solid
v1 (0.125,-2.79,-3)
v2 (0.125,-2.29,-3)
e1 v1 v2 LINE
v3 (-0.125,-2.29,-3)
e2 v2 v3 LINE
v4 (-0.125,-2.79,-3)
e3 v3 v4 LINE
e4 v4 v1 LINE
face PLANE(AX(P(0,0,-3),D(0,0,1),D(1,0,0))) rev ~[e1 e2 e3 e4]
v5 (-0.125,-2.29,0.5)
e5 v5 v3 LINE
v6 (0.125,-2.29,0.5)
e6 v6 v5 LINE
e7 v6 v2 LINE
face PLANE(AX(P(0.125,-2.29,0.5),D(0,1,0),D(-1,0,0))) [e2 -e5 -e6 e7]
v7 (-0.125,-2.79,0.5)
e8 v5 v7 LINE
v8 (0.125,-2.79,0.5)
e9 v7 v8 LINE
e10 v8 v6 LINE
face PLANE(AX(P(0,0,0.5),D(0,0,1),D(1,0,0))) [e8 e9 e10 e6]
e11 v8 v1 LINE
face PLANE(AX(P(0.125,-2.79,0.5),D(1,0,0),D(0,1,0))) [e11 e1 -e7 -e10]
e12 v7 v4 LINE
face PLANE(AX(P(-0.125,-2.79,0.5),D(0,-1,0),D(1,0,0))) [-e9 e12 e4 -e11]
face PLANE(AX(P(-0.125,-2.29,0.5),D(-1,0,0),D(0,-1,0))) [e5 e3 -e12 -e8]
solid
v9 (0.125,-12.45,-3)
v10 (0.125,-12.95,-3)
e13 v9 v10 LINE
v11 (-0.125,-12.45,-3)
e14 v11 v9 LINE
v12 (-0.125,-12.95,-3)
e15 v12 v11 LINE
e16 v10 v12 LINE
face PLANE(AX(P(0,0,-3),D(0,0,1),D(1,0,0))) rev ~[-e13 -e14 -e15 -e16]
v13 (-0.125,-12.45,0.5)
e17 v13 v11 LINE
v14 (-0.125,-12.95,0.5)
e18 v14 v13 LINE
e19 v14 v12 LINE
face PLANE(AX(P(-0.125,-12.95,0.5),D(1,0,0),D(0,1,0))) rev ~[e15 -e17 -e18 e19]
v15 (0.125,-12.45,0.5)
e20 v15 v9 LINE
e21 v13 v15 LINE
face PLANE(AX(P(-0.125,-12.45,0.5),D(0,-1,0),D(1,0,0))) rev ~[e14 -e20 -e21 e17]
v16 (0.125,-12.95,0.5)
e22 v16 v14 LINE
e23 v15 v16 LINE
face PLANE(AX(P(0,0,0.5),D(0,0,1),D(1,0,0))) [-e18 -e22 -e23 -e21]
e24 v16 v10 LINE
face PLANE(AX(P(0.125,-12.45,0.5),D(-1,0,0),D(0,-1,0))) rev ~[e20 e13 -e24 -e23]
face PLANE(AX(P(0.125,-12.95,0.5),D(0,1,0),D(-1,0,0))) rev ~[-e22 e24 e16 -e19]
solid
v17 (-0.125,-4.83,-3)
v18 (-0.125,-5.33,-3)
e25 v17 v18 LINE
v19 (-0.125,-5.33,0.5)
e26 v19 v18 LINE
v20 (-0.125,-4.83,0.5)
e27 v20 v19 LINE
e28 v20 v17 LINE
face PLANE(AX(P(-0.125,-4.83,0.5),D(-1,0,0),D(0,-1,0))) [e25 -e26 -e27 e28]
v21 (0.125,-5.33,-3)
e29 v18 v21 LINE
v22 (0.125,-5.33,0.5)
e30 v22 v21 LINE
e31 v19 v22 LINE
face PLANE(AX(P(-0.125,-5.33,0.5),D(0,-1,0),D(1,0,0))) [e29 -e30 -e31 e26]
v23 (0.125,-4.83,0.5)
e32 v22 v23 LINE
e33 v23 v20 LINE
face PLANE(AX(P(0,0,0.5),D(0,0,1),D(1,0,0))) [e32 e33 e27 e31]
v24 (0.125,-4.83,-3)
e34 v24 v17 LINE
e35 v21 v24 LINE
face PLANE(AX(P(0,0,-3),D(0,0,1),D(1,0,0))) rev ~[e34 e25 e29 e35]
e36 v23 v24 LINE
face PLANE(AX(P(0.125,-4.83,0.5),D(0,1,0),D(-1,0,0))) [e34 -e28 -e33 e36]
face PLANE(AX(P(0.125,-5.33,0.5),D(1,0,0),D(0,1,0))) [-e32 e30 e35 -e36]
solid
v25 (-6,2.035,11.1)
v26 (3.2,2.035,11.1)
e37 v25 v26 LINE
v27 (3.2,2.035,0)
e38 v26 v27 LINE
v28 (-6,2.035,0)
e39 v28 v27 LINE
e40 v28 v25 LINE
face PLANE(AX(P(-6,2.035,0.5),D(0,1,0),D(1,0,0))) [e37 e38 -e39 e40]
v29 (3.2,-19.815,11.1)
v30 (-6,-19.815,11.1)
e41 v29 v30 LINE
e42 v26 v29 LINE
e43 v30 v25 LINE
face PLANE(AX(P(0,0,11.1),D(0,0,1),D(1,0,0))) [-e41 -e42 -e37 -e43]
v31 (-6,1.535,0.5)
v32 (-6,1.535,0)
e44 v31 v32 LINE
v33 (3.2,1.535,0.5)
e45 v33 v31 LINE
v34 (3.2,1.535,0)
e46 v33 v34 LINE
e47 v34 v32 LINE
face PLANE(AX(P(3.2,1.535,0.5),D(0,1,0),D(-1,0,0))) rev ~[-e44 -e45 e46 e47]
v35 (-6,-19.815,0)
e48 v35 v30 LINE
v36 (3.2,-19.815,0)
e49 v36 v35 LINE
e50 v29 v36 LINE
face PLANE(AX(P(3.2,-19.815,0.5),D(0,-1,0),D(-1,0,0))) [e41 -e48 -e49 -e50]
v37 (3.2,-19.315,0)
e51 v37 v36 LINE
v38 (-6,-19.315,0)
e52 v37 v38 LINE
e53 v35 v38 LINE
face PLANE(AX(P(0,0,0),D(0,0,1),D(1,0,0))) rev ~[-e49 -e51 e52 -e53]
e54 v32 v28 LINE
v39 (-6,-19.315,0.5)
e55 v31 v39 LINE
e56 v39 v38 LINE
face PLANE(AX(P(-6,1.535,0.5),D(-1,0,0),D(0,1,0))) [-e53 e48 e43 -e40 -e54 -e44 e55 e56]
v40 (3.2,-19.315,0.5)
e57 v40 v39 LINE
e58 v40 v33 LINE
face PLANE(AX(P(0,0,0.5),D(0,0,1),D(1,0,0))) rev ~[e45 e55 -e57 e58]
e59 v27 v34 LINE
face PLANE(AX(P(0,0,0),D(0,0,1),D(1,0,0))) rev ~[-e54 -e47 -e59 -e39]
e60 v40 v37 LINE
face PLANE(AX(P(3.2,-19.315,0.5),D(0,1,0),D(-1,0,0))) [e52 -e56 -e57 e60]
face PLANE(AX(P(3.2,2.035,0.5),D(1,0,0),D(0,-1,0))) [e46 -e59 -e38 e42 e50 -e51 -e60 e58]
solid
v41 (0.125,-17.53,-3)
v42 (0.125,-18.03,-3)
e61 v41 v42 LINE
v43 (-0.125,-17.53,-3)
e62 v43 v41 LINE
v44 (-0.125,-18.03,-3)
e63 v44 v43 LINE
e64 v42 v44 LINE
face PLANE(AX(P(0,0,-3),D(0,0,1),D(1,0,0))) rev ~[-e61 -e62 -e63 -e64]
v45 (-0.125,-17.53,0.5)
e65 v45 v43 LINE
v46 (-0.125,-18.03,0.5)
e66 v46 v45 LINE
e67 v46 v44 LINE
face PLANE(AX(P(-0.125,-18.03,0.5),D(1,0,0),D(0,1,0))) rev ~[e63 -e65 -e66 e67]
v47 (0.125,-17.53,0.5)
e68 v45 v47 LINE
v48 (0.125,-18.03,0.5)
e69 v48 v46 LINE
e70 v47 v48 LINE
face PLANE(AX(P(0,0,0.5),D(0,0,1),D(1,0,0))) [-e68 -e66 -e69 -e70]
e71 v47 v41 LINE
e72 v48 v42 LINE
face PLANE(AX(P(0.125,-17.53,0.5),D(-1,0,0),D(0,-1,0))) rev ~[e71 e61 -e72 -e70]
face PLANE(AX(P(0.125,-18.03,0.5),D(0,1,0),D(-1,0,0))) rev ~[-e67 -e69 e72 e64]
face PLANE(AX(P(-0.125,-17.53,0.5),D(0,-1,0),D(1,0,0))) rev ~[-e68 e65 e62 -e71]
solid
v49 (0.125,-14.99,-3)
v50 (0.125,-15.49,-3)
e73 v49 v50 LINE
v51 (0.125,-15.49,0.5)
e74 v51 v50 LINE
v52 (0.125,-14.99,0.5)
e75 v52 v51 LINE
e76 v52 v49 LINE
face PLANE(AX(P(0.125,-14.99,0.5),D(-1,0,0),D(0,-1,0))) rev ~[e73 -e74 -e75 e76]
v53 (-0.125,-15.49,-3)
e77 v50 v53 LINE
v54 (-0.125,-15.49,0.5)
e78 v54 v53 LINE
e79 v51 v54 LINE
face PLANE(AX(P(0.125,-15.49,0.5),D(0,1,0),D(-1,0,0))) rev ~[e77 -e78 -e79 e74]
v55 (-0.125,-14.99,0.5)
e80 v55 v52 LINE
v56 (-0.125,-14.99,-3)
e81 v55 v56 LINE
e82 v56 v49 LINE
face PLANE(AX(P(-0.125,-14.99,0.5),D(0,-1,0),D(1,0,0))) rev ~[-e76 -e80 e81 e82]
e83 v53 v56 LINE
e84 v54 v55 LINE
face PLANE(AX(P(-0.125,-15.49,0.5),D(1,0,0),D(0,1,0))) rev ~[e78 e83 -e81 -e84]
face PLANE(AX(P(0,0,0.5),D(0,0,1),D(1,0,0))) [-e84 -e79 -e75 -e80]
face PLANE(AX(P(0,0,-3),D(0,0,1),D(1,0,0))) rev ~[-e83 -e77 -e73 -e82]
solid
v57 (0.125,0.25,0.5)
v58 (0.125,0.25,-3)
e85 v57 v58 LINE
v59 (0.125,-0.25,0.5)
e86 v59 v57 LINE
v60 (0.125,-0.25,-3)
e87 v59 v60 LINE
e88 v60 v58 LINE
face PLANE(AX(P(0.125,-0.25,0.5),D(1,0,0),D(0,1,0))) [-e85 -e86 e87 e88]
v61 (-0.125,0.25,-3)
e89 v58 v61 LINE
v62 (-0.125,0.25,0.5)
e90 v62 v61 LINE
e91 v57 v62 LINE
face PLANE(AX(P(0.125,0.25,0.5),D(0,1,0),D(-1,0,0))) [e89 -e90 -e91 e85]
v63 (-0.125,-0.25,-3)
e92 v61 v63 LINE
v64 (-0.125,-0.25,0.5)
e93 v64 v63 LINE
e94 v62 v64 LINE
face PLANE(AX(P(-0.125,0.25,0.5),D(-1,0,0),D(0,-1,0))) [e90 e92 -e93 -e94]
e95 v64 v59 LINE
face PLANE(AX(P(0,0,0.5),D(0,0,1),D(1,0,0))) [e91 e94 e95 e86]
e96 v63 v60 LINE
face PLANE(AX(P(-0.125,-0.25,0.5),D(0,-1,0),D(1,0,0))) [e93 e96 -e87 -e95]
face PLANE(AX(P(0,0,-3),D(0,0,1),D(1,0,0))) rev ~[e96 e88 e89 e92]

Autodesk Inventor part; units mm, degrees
ref_plane "YZ Plane" through (0, 0, 0) normal (1, 0, 0) x (0, 1, 0)
ref_plane "XZ Plane" through (0, 0, 0) normal (0, 1, 0) x (-1, 0, 0)
ref_plane "XY Plane" through (0, 0, 0) normal (0, 0, 1) x (1, 0, 0)
sketch "Sketch2" plane through (0, 0, 0) normal (0, 0, 1) x (1, 0, 0)
  line L0 (-6, 2.035) -> (3.2, 2.035)
  line L1 (3.2, 2.035) -> (3.2, -19.815)
  line L2 (3.2, -19.815) -> (-6, -19.815)
  line L3 (-6, -19.815) -> (-6, 2.035)
  line L4 (-0.125, -0.25) -> (0.125, -0.25)
  line L5 (0.125, -0.25) -> (0.125, 0.25)
  line L6 (0.125, 0.25) -> (-0.125, 0.25)
  line L7 (-0.125, 0.25) -> (-0.125, -0.25)
  line L8 (-0.125, -0.25) -> (0.125, 0.25) construction
  line L9 (0.125, -0.25) -> (-0.125, 0.25) construction
  line L10 (-0.125, -2.79) -> (0.125, -2.79)
  line L11 (0.125, -2.79) -> (0.125, -2.29)
  line L12 (0.125, -2.29) -> (-0.125, -2.29)
  line L13 (-0.125, -2.29) -> (-0.125, -2.79)
  line L14 (-0.125, -2.79) -> (0.125, -2.29) construction
  line L15 (0.125, -2.79) -> (-0.125, -2.29) construction
  line L16 (-0.125, -12.45) -> (0.125, -12.45)
  line L17 (0.125, -12.45) -> (0.125, -12.95)
  line L18 (0.125, -12.95) -> (-0.125, -12.95)
  line L19 (-0.125, -12.95) -> (-0.125, -12.45)
  line L20 (-0.125, -12.45) -> (0.125, -12.95) construction
  line L21 (0.125, -12.45) -> (-0.125, -12.95) construction
  line L22 (-0.125, -14.99) -> (0.125, -14.99)
  line L23 (0.125, -14.99) -> (0.125, -15.49)
  line L24 (-0.125, -15.49) -> (-0.125, -14.99)
  line L25 (-0.125, -14.99) -> (0.125, -15.49) construction
  line L26 (0.125, -14.99) -> (-0.125, -15.49) construction
  line L27 (0.125, -15.49) -> (-0.125, -15.49)
  line L28 (-0.125, -17.53) -> (0.125, -17.53)
  line L29 (0.125, -17.53) -> (0.125, -18.03)
  line L30 (-0.125, -18.03) -> (-0.125, -17.53)
  line L31 (-0.125, -17.53) -> (0.125, -18.03) construction
  line L32 (0.125, -17.53) -> (-0.125, -18.03) construction
  line L33 (0.125, -18.03) -> (-0.125, -18.03)
  line L34 (-6, 2.035) -> (3.2, 2.035)
  line L35 (3.2, 2.035) -> (3.2, 1.535)
  line L36 (3.2, 1.535) -> (-6, 1.535)
  line L37 (-6, 1.535) -> (-6, 2.035)
  line L38 (-6, -19.815) -> (3.2, -19.815)
  line L39 (3.2, -19.815) -> (3.2, -19.315)
  line L40 (3.2, -19.315) -> (-6, -19.315)
  line L41 (-6, -19.315) -> (-6, -19.815)
  line L42 (-0.125, -5.33) -> (0.125, -5.33)
  line L43 (0.125, -5.33) -> (0.125, -4.83)
  line L44 (0.125, -4.83) -> (-0.125, -4.83)
  line L45 (-0.125, -4.83) -> (-0.125, -5.33)
  line L46 (-0.125, -5.33) -> (0.125, -4.83) construction
  line L47 (0.125, -5.33) -> (-0.125, -4.83) construction
  point P0 (0, 0)
  point P1 (0, -2.54)
  point P2 (0, -12.7)
  point P3 (0, -15.24)
  point P4 (0, -17.78)
  point P5 (0, -5.08)
  dimension "d37" = 2.035
  dimension "d38" = 3.2
  dimension "d40" = 9.2
  dimension "d41" = 0.25
  dimension "d42" = 0.5
  dimension "d45" = 2.54
  dimension "d50" = 0.25
  dimension "d51" = 0.5
  dimension "d52" = 0
  dimension "d53" = 12.7
  dimension "d56" = 2.54
  dimension "d61" = 0.5
  dimension "d62" = 0.5
  dimension "d72" = 21.85
extrude "Extrusion4" add sketch "Sketch2" along normal blind 10.6 contours L0 L1 L36 L3 | L36 L1 L40 L3 | L40 L1 L2 L3 | L7 L6 L5 L4 | L13 L12 L11 L10 | L16 L17 L18 L19 | L22 L23 L27 L24 | L28 L29 L33 L30 | L45 L44 L43 L42
extrude "Extrusion5" add sketch "Sketch2" against normal blind 0.5 contours L0 L1 L36 L3 | L40 L1 L2 L3
extrude "Extrusion6" add sketch "Sketch2" against normal blind 3.5 separate body contours L7 L6 L5 L4 | L13 L12 L11 L10 | L16 L17 L18 L19 | L22 L23 L27 L24 | L28 L29 L33 L30 | L45 L44 L43 L42
move or copy body "Move Body1" bodies to move or copy 1 2 copy no translate (0, 0, 0.5)
equation "\"d50\" = d41"
equation "\"d51\" = d42"
properties part number "Converter_DCDC_XP_POWER-ITQxxxx-H_SIP_THT"
